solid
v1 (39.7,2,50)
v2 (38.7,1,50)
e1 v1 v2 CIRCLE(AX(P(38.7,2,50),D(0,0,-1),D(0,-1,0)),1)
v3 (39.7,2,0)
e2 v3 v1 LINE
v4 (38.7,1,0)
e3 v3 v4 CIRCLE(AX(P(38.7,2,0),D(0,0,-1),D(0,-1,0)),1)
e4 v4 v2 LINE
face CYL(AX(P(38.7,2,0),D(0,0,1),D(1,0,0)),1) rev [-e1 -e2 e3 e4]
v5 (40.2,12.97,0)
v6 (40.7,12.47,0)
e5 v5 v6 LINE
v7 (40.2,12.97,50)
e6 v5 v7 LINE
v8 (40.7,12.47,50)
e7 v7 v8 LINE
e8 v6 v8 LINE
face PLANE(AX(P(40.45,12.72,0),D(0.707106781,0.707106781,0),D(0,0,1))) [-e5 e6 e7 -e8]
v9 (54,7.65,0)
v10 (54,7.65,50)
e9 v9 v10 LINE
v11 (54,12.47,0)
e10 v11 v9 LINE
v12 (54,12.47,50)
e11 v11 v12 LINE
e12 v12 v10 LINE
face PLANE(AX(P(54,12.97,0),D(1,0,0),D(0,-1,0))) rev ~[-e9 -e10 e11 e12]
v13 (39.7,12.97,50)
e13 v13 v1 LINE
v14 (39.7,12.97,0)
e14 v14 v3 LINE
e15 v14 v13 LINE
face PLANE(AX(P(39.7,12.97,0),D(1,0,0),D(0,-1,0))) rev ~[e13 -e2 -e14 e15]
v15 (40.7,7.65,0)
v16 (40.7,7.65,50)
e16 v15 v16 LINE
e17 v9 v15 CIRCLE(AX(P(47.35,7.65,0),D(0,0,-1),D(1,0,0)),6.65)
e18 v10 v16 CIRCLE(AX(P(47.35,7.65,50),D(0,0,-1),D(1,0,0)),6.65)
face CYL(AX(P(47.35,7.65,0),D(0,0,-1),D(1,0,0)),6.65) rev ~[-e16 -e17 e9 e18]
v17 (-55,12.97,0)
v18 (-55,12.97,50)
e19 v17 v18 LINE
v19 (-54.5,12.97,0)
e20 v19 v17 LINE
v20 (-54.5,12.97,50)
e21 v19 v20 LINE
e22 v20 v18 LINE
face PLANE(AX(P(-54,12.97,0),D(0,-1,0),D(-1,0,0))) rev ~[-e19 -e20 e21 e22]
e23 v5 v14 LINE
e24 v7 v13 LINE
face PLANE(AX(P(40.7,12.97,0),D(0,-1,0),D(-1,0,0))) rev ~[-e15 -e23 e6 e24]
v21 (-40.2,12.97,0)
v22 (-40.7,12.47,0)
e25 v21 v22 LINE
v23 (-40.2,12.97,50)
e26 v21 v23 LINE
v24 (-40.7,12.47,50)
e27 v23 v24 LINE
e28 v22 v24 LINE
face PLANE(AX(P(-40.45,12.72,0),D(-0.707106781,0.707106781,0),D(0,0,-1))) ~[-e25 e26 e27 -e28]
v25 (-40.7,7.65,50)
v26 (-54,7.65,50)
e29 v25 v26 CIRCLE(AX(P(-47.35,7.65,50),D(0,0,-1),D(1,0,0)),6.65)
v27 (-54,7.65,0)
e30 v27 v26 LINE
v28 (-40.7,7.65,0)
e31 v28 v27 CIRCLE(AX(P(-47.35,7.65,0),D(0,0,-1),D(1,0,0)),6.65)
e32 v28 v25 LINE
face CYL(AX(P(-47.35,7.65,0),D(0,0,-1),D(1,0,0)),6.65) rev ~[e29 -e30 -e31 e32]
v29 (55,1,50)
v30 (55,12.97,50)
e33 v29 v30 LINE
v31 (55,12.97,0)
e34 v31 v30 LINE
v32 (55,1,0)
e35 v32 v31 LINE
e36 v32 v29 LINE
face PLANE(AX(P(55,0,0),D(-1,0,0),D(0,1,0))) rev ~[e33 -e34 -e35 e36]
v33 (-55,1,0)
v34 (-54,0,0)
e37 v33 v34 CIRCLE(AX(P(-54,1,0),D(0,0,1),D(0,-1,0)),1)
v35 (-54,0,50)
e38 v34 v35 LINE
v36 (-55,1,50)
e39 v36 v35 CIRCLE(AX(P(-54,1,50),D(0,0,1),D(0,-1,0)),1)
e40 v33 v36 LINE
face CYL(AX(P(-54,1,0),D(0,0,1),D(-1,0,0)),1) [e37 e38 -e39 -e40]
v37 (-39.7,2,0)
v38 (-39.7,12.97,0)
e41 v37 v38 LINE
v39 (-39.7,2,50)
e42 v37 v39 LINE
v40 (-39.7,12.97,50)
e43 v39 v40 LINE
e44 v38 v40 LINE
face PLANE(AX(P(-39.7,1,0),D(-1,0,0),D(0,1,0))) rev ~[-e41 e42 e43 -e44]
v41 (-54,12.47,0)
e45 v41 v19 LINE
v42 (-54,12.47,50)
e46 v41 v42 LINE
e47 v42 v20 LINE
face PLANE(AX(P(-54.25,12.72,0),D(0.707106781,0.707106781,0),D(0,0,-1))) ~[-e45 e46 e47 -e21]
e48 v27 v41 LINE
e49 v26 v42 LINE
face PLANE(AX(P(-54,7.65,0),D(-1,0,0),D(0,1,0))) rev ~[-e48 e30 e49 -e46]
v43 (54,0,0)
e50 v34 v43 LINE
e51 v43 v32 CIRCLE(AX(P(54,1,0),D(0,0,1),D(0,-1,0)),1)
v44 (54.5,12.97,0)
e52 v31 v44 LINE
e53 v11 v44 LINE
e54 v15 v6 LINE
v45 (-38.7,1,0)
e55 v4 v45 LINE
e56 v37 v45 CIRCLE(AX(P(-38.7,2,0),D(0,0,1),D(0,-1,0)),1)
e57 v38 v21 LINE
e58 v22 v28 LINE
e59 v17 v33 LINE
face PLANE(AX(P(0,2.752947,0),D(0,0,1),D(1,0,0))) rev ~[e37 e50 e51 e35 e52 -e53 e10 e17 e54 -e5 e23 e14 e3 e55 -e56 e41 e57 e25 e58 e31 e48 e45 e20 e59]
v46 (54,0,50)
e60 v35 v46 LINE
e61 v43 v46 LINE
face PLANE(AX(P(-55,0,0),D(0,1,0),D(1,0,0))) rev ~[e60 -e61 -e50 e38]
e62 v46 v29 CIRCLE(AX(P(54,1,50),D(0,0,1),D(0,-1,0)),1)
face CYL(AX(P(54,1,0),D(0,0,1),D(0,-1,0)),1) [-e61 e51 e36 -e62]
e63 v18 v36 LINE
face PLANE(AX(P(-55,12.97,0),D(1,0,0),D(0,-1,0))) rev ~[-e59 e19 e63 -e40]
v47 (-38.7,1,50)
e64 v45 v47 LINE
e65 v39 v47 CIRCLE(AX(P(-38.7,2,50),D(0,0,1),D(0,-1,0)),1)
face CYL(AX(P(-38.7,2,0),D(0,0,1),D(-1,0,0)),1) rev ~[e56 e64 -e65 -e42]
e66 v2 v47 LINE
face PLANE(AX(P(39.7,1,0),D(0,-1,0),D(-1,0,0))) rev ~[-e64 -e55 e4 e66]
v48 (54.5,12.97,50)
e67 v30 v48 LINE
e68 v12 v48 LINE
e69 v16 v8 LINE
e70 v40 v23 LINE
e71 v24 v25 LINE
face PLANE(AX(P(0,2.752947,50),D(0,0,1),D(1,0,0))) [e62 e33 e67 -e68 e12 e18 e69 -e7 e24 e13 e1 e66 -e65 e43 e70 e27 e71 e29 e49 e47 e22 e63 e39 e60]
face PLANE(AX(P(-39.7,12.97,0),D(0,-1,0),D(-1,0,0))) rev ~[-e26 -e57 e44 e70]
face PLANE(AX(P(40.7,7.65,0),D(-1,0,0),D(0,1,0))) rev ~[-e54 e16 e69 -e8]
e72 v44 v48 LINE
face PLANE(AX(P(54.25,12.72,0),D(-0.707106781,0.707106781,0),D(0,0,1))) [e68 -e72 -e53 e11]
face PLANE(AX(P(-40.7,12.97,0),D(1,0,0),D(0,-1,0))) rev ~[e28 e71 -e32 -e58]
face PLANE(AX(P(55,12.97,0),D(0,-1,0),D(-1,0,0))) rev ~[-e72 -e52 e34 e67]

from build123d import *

# Parameters (mm, degrees)
F2_DEPTH = 50
F3_R     = 1
F4_SIZE  = 0.5


with BuildPart() as f2:
    # F1 (on Top) → F2 (new body)
    with BuildSketch(Plane.XY):
        with BuildLine():
            Line((0, 1), (-39.7, 1))
            Line((-39.7, 1), (-39.7, 12.97))
            Line((-39.7, 12.97), (-40.7, 12.97))
            Line((-40.7, 12.97), (-40.7, 7.65))
            ThreePointArc((-40.7, 7.65), (-47.35, 1), (-54, 7.65))
            Line((-54, 7.65), (-54, 12.97))
            Line((-54, 12.97), (-55, 12.97))
            Line((-55, 12.97), (-55, 0))
            Line((-55, 0), (0, 0))
            Line((0, 0), (55, 0))
            Line((55, 0), (55, 12.97))
            Line((55, 12.97), (54, 12.97))
            Line((54, 12.97), (54, 7.65))
            ThreePointArc((54, 7.65), (47.35, 1), (40.7, 7.65))
            Line((40.7, 7.65), (40.7, 12.97))
            Line((40.7, 12.97), (39.7, 12.97))
            Line((39.7, 12.97), (39.7, 1))
            Line((39.7, 1), (0, 1))
        make_face()
    extrude(amount=F2_DEPTH)

    # F3
    f3_edges = [f2.edges().sort_by_distance(p)[0] for p in [
        (-55, 0, 25),
        (55, 0, 25),
        (39.7, 1, 25),
        (-39.7, 1, 25),
    ]]
    fillet(f3_edges, radius=F3_R)

    # F4
    f4_edges = [f2.edges().sort_by_distance(p)[0] for p in [
        (-54, 12.97, 25),
        (-40.7, 12.97, 25),
        (40.7, 12.97, 25),
        (54, 12.97, 25),
    ]]
    chamfer(f4_edges, length=F4_SIZE)


solid = f2.part
